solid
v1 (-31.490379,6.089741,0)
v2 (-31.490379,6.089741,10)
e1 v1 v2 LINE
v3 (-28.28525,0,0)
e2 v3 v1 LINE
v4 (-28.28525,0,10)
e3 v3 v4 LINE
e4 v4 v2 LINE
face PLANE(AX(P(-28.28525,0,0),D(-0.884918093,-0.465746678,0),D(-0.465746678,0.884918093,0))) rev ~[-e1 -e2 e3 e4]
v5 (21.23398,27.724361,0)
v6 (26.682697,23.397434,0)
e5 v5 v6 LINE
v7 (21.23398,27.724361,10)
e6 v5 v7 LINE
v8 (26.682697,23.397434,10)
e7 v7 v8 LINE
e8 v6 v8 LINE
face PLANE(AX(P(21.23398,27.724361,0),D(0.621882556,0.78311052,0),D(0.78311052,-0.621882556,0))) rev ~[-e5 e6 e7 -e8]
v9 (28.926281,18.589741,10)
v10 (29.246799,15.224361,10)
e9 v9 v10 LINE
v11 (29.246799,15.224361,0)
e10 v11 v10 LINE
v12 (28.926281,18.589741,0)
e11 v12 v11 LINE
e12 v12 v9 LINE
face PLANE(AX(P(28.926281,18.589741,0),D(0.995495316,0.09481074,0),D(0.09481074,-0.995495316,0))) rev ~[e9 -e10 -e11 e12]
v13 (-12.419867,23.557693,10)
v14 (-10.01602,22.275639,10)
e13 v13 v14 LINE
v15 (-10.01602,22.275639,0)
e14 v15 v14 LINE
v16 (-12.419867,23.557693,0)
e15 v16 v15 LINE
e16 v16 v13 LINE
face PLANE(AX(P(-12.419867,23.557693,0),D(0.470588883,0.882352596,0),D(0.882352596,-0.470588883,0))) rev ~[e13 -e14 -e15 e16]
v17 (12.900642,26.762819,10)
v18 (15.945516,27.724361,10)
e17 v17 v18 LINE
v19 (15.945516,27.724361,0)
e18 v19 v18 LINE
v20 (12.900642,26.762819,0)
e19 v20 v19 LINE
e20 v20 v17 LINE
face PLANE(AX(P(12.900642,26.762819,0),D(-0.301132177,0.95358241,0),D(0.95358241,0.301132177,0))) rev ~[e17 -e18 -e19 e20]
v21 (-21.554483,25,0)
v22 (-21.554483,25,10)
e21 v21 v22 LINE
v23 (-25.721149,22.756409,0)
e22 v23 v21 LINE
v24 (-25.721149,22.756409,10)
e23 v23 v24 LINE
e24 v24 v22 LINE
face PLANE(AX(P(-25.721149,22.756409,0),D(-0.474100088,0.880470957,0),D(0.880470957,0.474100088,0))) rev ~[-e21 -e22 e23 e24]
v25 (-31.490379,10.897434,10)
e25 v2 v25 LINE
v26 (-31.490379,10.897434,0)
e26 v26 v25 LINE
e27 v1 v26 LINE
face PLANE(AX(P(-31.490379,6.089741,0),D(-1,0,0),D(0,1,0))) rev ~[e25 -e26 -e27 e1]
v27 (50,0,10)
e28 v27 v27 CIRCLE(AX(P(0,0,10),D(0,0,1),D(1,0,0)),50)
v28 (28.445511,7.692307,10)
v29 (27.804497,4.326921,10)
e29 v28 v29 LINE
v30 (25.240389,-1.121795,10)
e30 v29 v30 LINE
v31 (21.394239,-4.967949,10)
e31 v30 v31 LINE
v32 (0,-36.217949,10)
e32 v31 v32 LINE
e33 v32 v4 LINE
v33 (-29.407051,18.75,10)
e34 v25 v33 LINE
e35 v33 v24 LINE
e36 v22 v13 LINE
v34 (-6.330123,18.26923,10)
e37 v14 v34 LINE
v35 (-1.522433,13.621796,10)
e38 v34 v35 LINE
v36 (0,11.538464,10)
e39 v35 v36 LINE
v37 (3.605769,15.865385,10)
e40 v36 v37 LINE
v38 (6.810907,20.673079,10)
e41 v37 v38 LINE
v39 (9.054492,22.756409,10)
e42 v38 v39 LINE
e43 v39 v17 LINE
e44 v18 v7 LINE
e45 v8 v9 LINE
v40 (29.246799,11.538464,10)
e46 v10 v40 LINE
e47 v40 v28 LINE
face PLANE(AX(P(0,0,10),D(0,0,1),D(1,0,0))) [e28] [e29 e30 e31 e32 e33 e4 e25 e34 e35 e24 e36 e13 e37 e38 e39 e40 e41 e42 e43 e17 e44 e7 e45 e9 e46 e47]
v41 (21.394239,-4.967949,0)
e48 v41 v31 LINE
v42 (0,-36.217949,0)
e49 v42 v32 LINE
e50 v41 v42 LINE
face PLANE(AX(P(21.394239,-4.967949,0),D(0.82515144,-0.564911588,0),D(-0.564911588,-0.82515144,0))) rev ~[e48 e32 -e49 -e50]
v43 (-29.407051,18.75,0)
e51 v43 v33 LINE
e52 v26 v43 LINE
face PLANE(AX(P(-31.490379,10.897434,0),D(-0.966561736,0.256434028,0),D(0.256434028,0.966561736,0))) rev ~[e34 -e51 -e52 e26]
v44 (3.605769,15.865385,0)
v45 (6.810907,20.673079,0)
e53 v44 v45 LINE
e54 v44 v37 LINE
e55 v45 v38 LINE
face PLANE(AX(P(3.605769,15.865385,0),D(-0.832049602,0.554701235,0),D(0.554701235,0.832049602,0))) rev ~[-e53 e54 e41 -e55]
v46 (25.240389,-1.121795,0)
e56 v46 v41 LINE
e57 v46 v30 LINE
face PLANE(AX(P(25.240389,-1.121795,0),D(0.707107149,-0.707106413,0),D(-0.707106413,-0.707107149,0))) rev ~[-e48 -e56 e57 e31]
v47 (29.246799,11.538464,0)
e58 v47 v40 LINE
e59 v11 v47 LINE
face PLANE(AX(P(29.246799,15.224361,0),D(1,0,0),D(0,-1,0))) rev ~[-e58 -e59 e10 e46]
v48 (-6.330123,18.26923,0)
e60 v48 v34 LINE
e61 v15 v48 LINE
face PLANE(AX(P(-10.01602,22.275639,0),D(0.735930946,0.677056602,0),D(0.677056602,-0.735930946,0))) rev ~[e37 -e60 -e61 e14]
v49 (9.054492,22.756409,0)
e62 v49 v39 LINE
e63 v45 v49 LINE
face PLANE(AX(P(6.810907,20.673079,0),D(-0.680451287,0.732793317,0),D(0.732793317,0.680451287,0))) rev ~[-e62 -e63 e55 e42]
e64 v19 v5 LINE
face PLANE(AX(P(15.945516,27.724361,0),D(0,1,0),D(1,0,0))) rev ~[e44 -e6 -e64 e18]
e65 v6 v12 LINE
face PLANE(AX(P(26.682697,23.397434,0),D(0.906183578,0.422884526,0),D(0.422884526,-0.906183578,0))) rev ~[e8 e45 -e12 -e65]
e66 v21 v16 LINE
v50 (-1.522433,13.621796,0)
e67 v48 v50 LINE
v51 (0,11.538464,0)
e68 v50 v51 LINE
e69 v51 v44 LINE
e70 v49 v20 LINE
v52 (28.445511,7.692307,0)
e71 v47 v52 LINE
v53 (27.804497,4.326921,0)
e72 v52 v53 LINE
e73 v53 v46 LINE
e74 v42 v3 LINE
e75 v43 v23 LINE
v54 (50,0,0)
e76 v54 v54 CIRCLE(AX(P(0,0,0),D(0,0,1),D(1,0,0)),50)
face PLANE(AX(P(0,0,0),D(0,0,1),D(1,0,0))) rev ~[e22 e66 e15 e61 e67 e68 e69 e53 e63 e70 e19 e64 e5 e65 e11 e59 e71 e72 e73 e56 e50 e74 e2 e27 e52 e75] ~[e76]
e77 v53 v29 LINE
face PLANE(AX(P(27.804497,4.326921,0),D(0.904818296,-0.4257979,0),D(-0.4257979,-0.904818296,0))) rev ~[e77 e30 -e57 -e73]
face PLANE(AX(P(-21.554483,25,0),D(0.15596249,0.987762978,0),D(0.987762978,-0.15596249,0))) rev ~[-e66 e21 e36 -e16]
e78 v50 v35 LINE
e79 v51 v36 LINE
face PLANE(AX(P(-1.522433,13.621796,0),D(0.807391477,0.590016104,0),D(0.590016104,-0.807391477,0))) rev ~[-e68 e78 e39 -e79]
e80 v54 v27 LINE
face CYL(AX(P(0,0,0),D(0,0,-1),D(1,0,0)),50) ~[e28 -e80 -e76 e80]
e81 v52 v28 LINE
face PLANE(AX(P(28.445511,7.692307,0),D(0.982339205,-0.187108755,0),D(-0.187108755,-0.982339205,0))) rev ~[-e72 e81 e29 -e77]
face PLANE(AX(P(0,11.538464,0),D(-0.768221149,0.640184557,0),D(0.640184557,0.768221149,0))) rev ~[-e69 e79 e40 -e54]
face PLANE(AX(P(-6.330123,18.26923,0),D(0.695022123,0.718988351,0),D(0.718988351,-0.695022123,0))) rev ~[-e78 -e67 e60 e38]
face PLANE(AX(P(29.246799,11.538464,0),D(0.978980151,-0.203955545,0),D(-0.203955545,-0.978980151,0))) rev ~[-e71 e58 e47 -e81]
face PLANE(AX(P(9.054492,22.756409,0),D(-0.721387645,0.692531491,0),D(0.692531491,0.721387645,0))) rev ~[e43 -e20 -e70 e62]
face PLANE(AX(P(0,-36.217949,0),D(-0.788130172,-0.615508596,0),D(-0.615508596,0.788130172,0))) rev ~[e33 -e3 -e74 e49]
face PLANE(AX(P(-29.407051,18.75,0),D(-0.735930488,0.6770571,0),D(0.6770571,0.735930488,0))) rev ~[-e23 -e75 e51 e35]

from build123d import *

# Parameters (mm, degrees)
SKETCH_R      = 50
EXTRUDE_DEPTH = 10


with BuildPart() as part:
    # Sketch → Extrude (new body)
    with BuildSketch(Plane.XY):
        Circle(SKETCH_R)
        Polygon((0, -36.217949), (-28.28525, 0), (-31.490379, 6.089741), (-31.490379, 10.897434), (-29.407051, 18.75), (-25.721149, 22.756409), (-21.554483, 25), (-12.419867, 23.557693), (-10.01602, 22.275639), (-6.330123, 18.26923), (-1.522433, 13.621796), (0, 11.538464), (3.605769, 15.865385), (6.810907, 20.673079), (9.054492, 22.756409), (12.900642, 26.762819), (15.945516, 27.724361), (21.23398, 27.724361), (26.682697, 23.397434), (28.926281, 18.589741), (29.246799, 15.224361), (29.246799, 11.538464), (28.445511, 7.692307), (27.804497, 4.326921), (25.240389, -1.121795), (21.394239, -4.967949), align=None, mode=Mode.SUBTRACT)
    extrude(amount=EXTRUDE_DEPTH)


solid = part.part
